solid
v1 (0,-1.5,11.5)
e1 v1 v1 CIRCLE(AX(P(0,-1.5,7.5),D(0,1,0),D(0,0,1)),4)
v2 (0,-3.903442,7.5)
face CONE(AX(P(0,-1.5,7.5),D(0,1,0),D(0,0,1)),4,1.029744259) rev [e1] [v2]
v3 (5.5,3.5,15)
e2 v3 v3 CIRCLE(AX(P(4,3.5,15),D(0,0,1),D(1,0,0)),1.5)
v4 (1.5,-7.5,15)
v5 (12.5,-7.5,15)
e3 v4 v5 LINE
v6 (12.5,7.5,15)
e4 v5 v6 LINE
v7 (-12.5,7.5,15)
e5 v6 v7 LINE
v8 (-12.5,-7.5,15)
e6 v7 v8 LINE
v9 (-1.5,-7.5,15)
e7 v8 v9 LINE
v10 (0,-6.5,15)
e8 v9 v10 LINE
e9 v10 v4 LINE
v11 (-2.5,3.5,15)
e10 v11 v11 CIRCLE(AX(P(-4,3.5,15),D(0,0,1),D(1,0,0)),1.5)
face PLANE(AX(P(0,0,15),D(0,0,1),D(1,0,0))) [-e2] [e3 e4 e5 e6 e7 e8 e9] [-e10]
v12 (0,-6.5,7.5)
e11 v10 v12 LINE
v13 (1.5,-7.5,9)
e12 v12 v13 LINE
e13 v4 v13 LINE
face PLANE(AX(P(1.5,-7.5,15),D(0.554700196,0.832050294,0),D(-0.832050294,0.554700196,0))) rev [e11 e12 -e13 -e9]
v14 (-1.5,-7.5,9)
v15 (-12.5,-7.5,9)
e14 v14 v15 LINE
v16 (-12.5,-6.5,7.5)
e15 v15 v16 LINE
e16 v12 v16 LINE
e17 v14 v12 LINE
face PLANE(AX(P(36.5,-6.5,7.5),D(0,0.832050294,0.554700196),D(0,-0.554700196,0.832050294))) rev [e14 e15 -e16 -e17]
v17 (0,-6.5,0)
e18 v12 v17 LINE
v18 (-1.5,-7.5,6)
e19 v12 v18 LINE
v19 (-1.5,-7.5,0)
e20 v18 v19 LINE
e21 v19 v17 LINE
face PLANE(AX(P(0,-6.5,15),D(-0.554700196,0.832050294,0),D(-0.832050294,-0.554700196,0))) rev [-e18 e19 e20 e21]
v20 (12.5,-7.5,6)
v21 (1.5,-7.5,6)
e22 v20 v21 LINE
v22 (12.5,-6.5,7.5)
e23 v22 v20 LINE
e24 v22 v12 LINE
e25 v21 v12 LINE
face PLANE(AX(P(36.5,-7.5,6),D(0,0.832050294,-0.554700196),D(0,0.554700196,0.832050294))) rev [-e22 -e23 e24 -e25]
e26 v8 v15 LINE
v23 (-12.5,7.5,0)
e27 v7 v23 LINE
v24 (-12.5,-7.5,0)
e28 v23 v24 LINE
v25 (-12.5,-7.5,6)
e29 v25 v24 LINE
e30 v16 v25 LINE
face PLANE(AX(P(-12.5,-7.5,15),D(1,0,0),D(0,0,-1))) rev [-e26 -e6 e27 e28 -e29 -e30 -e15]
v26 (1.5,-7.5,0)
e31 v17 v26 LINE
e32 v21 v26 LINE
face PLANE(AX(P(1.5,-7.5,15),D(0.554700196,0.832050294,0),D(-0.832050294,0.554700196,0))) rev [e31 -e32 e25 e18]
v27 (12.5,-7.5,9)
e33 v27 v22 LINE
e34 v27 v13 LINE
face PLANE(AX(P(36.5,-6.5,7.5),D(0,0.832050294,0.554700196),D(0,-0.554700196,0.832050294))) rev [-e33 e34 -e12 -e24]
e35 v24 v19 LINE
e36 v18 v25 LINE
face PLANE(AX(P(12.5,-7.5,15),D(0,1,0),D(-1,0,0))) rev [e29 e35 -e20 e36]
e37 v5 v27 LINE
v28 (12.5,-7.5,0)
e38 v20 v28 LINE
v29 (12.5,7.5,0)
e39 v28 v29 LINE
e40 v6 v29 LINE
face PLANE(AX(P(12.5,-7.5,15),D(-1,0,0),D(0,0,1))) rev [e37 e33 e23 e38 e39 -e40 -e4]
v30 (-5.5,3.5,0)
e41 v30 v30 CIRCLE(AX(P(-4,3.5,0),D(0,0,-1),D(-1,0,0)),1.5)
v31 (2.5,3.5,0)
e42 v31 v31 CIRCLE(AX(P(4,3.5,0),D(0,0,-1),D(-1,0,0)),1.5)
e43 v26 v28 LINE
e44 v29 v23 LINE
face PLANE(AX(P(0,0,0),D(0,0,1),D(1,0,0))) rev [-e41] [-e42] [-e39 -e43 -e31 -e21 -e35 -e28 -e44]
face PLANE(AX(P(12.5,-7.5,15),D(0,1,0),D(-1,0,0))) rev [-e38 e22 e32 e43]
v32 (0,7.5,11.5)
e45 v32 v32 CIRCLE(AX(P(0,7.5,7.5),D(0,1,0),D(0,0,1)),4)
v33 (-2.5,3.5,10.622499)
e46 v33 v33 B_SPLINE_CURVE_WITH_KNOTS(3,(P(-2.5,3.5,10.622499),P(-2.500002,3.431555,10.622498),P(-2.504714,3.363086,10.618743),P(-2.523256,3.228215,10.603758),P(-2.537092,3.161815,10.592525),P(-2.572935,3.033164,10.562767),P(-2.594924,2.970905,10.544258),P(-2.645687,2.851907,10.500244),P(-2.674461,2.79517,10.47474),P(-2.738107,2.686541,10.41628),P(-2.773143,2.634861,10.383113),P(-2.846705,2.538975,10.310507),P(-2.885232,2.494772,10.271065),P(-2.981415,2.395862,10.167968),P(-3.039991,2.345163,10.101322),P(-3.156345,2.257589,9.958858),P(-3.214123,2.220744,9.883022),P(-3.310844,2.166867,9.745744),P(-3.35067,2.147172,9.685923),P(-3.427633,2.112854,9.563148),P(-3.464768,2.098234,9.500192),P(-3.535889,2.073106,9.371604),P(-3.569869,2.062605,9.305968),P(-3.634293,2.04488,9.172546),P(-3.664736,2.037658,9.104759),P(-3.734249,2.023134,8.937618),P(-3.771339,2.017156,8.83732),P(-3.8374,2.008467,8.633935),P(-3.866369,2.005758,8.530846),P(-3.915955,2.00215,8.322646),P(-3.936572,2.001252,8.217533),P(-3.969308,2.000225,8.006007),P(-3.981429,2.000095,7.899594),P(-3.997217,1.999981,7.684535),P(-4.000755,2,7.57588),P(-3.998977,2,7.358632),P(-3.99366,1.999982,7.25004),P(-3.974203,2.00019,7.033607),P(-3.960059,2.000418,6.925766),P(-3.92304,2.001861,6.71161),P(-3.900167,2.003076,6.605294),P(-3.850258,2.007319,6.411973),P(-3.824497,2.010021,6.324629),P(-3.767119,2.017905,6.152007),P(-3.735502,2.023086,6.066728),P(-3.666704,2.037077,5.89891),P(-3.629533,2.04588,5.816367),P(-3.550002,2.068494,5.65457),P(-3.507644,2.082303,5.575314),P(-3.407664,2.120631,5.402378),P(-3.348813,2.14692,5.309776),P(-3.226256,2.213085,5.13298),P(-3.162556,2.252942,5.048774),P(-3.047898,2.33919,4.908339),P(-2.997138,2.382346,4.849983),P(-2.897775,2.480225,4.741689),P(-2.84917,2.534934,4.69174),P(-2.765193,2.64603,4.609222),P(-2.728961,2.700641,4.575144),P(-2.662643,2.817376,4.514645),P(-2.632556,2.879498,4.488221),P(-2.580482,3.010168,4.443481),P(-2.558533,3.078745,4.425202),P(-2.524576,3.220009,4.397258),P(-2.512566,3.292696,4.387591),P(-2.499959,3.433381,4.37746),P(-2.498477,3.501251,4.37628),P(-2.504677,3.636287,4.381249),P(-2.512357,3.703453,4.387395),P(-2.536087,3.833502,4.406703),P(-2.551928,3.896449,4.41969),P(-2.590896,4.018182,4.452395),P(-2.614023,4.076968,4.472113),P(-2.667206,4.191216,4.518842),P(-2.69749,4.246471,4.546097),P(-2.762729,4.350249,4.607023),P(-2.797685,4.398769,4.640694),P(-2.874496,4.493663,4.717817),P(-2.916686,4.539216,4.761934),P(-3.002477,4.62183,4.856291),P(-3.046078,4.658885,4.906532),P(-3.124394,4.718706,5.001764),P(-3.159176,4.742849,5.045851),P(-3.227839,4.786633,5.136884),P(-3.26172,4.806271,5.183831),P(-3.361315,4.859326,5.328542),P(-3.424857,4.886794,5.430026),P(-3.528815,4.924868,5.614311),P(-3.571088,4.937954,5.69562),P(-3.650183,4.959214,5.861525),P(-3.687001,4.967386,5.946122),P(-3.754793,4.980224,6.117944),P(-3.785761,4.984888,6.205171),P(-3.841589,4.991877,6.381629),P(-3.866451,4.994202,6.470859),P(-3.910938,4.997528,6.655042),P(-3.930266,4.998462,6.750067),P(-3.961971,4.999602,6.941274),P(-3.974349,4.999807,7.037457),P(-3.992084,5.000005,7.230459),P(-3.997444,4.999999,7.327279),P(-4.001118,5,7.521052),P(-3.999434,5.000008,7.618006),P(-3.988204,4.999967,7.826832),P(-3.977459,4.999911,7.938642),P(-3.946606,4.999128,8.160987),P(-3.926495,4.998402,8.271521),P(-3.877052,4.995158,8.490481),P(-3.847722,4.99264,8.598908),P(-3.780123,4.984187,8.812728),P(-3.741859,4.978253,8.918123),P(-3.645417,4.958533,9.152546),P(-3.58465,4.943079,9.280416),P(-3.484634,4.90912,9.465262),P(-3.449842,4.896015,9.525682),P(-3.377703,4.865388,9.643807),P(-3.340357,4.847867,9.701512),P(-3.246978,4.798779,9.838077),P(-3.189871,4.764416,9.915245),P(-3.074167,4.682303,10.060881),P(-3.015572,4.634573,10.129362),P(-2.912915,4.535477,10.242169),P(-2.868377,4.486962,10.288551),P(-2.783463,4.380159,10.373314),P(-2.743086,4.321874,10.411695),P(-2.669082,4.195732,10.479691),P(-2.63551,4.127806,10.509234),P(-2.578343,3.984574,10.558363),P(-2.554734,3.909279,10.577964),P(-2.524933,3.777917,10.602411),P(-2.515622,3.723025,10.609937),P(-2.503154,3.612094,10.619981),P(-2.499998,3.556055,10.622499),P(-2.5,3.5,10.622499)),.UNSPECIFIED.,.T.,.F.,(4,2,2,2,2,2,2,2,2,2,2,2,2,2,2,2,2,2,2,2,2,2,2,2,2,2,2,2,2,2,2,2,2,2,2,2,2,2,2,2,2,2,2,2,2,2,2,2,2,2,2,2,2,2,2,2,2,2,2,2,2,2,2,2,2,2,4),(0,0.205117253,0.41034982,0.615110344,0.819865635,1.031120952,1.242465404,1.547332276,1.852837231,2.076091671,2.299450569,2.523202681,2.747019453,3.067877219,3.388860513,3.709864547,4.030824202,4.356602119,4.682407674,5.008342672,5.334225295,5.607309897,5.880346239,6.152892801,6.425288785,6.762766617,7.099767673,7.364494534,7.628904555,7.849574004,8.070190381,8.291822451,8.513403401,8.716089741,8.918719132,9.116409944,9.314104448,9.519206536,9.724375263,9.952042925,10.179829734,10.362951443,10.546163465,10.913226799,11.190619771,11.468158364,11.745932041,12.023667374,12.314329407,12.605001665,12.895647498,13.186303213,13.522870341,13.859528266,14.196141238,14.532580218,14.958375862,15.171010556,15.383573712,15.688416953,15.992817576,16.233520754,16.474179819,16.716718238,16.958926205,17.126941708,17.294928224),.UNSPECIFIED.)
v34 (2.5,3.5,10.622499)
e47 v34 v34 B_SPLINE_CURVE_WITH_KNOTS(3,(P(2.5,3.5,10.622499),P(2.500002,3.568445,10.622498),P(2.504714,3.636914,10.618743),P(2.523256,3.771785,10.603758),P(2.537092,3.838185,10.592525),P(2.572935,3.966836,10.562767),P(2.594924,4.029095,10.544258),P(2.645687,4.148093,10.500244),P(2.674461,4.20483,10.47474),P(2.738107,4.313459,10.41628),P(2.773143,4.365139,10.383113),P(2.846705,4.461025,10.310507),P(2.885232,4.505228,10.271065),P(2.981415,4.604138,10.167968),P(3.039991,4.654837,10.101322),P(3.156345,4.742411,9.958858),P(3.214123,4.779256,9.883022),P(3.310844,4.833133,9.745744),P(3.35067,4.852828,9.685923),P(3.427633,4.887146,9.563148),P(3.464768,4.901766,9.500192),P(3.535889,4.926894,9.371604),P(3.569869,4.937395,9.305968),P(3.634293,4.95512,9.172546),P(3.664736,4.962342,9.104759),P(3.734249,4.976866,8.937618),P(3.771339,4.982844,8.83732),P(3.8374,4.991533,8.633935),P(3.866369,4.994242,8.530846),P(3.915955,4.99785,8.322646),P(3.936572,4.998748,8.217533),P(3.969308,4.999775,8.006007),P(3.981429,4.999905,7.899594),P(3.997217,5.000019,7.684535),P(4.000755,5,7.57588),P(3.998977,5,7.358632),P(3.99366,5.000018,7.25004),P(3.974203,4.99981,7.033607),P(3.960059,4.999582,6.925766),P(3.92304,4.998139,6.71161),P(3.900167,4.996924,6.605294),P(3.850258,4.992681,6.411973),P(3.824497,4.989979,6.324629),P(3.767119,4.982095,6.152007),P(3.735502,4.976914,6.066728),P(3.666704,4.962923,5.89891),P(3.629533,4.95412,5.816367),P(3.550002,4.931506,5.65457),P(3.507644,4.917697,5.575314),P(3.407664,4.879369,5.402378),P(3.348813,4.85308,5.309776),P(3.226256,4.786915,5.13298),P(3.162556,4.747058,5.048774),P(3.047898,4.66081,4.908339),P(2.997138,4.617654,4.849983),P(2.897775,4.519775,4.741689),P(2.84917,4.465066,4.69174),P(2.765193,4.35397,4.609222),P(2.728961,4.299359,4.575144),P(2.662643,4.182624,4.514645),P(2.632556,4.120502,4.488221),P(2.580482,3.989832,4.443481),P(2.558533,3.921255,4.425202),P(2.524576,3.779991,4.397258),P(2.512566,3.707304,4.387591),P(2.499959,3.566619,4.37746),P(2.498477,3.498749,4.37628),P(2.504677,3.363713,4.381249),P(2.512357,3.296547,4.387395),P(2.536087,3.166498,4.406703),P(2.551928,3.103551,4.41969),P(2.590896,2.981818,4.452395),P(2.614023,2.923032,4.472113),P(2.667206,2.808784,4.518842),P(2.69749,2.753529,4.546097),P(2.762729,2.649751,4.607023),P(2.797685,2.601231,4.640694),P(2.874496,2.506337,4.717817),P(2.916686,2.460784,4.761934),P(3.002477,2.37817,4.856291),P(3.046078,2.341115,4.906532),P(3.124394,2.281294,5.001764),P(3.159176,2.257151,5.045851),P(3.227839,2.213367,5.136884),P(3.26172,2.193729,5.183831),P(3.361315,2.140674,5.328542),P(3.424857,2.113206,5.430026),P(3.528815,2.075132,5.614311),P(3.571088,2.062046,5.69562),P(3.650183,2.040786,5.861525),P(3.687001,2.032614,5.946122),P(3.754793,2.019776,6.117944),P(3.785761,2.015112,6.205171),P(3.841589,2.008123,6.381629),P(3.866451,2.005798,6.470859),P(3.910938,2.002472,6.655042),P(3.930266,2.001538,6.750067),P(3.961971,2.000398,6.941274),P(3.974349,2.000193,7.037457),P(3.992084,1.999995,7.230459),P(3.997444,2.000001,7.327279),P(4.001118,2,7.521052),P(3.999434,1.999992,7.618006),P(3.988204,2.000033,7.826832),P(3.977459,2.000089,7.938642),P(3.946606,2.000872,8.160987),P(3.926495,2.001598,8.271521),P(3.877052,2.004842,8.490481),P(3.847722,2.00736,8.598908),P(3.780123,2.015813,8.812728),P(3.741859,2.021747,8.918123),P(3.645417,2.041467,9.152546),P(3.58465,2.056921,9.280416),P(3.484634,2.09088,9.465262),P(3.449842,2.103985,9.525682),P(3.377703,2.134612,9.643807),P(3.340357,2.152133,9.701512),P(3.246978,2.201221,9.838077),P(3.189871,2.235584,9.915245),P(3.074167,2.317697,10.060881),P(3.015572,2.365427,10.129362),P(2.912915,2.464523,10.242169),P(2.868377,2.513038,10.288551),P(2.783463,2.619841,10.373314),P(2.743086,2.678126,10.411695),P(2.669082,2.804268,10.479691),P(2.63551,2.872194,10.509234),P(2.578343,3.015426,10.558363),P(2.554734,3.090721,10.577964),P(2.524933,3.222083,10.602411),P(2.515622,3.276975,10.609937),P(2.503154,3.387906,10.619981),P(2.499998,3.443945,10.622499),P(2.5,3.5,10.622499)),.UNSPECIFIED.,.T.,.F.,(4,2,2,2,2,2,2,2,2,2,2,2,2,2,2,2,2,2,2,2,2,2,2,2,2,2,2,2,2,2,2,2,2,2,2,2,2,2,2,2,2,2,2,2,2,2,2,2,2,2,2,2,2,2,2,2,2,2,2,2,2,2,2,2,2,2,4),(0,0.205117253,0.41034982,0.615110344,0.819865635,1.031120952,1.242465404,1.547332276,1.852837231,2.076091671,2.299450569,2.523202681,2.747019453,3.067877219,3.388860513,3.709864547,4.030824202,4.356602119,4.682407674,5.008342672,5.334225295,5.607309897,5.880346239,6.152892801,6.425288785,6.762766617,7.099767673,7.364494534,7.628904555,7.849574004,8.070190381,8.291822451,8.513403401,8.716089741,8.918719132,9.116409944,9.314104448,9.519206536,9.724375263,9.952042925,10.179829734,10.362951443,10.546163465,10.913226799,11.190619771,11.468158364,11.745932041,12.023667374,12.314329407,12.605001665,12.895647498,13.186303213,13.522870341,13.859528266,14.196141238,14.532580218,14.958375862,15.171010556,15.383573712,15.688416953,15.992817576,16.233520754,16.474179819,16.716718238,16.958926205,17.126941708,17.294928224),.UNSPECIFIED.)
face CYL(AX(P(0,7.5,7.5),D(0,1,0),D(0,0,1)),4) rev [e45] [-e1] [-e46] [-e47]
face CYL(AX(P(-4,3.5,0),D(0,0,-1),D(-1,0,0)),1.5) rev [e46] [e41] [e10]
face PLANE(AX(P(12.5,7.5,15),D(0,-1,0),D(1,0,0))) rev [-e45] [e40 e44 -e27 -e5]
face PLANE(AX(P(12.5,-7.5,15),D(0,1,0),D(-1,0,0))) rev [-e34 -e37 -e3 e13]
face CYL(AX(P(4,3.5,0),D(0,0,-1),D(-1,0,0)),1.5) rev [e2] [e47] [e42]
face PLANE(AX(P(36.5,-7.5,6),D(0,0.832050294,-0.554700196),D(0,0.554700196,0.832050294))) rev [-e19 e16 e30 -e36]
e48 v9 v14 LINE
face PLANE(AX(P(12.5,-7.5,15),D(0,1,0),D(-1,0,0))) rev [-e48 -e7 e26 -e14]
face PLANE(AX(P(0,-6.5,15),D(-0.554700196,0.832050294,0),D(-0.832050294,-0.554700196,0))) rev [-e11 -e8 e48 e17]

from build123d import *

# Parameters (mm, degrees)
SKETCH1_W                 = 25
SKETCH1_H                 = 15
BOSS_EXTRUDE1_DEPTH       = 15
F_3_0MM_DOWEL_HOLE1_D     = 3
CUT_EXTRUDE1_DEPTH        = 15
CUT_EXTRUDE2_DEPTH        = 49
F_8_0MM_DOWEL_HOLE1_D     = 8
F_8_0MM_DOWEL_HOLE1_DEPTH = 9
F_8_0MM_DOWEL_HOLE1_TIP   = 2.403442476


with BuildPart() as part:
    # Sketch1 → Boss-Extrude1 (new body)
    with BuildSketch(Plane.XY):
        Rectangle(SKETCH1_W, SKETCH1_H)
    extrude(amount=BOSS_EXTRUDE1_DEPTH)

    # Ø3.0mm Dowel Hole1 (through all)
    with Locations(Plane(origin=(0, 0, 0), x_dir=(-1, 0, 0), z_dir=(0, 0, -1))):
        with Locations((4, 3.5), (-4, 3.5)):
            Hole(F_3_0MM_DOWEL_HOLE1_D / 2)

    # Sketch4 → Cut-Extrude1 (cut)
    with BuildSketch(Plane(origin=(0, 0, 0), x_dir=(-1, 0, 0), z_dir=(0, 0, -1))):
        Polygon((-1.5, -7.5), (0, -6.5), (1.5, -7.5), (1.5, -8.661877418), (-1.5, -8.661877418), align=None)
    extrude(amount=-CUT_EXTRUDE1_DEPTH, mode=Mode.SUBTRACT)

    # Sketch5 → Cut-Extrude2 (cut)
    with BuildSketch(Plane.ZY.offset(12.5)):
        Polygon((6, -7.5), (7.5, -6.5), (9, -7.5), (9, -8.497485746), (6.14045431, -8.497485746), align=None)
    extrude(amount=-CUT_EXTRUDE2_DEPTH, mode=Mode.SUBTRACT)

    # Ø8.0mm Dowel Hole1
    with Locations(Plane(origin=(0, 7.5, 0), x_dir=(1, 0, 0), z_dir=(0, 1, 0))):
        with Locations((0, -7.5)):
            Hole(F_8_0MM_DOWEL_HOLE1_D / 2, depth=F_8_0MM_DOWEL_HOLE1_DEPTH)
            with Locations((0, 0, -(F_8_0MM_DOWEL_HOLE1_DEPTH + F_8_0MM_DOWEL_HOLE1_TIP / 2))):  # 118° drill point
                Cone(0, F_8_0MM_DOWEL_HOLE1_D / 2, F_8_0MM_DOWEL_HOLE1_TIP, mode=Mode.SUBTRACT)


solid = part.part
